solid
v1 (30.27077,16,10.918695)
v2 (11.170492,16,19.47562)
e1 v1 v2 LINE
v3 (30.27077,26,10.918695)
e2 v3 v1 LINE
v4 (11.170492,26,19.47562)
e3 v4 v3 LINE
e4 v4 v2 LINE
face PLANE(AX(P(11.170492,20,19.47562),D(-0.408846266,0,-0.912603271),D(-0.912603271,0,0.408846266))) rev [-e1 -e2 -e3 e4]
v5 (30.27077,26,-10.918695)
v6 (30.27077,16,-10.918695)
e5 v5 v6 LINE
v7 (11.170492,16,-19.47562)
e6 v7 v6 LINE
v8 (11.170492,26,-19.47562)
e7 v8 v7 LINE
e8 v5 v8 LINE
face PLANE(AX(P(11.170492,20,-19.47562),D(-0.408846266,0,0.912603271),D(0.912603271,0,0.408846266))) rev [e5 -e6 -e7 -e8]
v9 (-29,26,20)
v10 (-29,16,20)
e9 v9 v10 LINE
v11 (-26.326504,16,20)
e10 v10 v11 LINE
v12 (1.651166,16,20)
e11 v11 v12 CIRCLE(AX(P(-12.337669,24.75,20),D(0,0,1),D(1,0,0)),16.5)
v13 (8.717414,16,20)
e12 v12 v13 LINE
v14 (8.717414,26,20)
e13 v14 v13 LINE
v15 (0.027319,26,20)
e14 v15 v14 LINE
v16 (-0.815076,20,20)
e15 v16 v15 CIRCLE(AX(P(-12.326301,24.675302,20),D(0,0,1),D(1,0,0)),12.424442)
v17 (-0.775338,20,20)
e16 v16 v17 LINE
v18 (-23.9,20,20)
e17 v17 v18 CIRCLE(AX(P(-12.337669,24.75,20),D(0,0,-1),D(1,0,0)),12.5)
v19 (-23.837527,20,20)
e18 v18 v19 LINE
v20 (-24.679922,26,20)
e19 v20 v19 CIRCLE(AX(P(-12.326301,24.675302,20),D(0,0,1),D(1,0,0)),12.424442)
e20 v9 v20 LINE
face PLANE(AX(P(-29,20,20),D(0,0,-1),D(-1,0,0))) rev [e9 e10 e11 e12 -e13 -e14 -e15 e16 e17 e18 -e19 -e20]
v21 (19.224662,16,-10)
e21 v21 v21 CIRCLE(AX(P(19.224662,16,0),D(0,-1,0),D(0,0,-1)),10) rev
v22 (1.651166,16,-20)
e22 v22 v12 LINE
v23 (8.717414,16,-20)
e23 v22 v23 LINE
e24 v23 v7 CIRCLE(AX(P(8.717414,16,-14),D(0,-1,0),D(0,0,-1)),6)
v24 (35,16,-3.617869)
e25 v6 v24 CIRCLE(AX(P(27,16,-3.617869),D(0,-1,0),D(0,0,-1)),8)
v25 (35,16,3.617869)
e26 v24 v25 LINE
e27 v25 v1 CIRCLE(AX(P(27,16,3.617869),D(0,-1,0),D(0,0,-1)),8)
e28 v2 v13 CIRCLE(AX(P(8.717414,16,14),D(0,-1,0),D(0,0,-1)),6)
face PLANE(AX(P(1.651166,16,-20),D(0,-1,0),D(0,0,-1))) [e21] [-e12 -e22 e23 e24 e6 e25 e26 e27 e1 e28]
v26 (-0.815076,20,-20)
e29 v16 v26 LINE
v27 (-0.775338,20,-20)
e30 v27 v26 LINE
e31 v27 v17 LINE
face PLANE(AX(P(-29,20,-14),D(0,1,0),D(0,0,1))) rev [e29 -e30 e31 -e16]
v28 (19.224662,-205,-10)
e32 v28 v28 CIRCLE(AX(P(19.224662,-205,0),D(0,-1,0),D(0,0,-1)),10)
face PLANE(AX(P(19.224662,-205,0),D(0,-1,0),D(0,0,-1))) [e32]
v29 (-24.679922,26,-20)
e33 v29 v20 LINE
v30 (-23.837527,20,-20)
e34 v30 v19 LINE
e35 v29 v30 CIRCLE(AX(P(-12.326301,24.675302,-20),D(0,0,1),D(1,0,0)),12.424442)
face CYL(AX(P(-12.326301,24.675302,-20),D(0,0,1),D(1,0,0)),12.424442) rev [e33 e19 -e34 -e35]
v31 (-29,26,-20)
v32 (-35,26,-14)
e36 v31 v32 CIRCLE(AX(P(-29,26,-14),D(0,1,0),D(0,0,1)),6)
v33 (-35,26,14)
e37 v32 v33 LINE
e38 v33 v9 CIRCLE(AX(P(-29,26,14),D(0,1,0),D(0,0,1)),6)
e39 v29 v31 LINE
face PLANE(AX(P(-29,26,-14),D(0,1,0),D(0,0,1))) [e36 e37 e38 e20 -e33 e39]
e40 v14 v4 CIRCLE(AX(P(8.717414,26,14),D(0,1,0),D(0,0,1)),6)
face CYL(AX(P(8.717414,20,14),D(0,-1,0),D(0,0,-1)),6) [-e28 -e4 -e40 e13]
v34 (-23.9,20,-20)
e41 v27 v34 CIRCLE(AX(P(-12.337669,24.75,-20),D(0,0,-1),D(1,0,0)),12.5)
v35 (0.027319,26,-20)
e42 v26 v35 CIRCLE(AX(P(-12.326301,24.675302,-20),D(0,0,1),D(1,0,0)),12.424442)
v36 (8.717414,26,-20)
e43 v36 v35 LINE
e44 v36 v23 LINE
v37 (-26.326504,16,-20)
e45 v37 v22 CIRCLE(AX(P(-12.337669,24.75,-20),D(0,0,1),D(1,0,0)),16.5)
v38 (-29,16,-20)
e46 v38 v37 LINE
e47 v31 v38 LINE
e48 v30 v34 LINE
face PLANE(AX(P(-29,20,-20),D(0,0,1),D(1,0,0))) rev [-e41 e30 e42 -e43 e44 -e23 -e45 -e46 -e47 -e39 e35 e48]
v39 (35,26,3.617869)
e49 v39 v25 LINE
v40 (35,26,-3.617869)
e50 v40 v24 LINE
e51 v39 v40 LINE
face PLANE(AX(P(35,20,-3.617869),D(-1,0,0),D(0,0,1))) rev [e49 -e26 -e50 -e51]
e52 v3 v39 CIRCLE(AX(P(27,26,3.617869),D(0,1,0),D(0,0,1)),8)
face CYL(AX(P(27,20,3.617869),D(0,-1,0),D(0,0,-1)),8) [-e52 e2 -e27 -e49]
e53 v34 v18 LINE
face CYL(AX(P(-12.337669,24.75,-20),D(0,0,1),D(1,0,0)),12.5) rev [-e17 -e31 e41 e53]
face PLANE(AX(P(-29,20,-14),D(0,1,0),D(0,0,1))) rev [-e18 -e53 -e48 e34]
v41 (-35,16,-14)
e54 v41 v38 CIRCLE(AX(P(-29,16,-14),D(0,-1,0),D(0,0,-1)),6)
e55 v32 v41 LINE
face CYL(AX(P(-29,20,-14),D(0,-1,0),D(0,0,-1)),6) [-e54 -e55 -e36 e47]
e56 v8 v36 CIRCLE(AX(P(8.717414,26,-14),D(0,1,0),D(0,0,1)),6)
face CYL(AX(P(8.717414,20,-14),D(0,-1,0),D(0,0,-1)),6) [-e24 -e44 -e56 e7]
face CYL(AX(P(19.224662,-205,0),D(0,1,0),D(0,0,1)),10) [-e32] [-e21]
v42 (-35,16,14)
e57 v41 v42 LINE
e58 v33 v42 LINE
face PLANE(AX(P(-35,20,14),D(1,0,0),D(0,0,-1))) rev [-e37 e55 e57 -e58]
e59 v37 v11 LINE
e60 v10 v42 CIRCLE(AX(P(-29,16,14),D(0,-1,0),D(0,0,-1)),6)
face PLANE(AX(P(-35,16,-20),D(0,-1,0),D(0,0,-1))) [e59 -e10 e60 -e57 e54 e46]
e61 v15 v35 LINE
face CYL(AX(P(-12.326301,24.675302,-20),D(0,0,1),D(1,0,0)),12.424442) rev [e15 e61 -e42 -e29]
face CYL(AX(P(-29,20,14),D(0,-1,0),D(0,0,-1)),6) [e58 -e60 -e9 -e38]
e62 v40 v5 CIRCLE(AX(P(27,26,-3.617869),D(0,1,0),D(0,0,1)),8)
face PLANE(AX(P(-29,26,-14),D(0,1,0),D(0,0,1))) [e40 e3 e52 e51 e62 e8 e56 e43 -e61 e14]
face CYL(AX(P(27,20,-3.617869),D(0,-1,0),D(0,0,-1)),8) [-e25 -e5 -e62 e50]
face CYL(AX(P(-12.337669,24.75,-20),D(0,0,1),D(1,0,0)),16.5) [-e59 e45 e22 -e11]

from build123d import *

# Parameters (mm, degrees)
BOSS_EXTRUDE1_DEPTH  = 20
SKETCH3_OUTSIDE_W    = 88.614
SKETCH3_OUTSIDE_H    = 38.614
CUT_EXTRUDE2_DEPTH   = 57.789083458
BOSS_EXTRUDE3_START  = 20
SKETCH4_R            = 10
BOSS_EXTRUDE3_DEPTH  = 225
BOSS_EXTRUDE22_DEPTH = 6
SKETCH47_R           = 12.424441969
CUT_EXTRUDE8_DEPTH   = 212.778185845


with BuildPart() as part:
    # Sketch2 → Boss-Extrude1 (new body)
    with BuildSketch(Plane(origin=(0, 0, 0), x_dir=(1, 0, 0), z_dir=(0, 1, 0))):
        with BuildLine():
            Line((-35, -14), (-35, 14))
            ThreePointArc((-35, 14), (-33.242640687, 18.242640687), (-29, 20))
            Line((-29, 20), (8.717414306, 20))
            ThreePointArc((8.717414306, 20), (9.971663529, 19.867440574), (11.1704919, 19.475619629))
            Line((11.1704919, 19.475619629), (30.270770125, 10.918694984))
            ThreePointArc((30.270770125, 10.918694984), (33.714393532, 7.967227328), (35, 3.617868812))
            Line((35, 3.617868812), (35, -3.617868812))
            ThreePointArc((35, -3.617868812), (33.714393532, -7.967227328), (30.270770125, -10.918694984))
            Line((30.270770125, -10.918694984), (11.1704919, -19.475619629))
            ThreePointArc((11.1704919, -19.475619629), (9.971663529, -19.867440574), (8.717414306, -20))
            Line((8.717414306, -20), (-29, -20))
            ThreePointArc((-29, -20), (-33.242640687, -18.242640687), (-35, -14))
        make_face()
    extrude(amount=BOSS_EXTRUDE1_DEPTH)

    # Sketch3 outside → Cut-Extrude2 (cut, through all)
    with BuildSketch(Plane.XY.offset(20)):
        with Locations((0, 10)):
            Rectangle(SKETCH3_OUTSIDE_W, SKETCH3_OUTSIDE_H)
        with BuildLine():
            Line((-35, 20), (-23.9, 20))
            ThreePointArc((-23.9, 20), (-12.33766892, 12.25), (-0.77533784, 20))
            Line((-0.77533784, 20), (35, 20))
            Line((35, 20), (35, 16))
            Line((35, 16), (1.651165913, 16))
            ThreePointArc((1.651165913, 16), (-12.33766892, 8.25), (-26.326503754, 16))
            Line((-26.326503754, 16), (-35, 16))
            Line((-35, 16), (-35, 20))
        make_face(mode=Mode.SUBTRACT)
    extrude(amount=-CUT_EXTRUDE2_DEPTH, mode=Mode.SUBTRACT)



with BuildPart() as body_2:
    # Sketch4 → Boss-Extrude3 (new body)
    with BuildSketch(Plane(origin=(0, 0, 0), x_dir=(1, 0, 0), z_dir=(0, 1, 0)).offset(BOSS_EXTRUDE3_START)):
        with Locations(Location((19.22466216, 0, 0), (0, 0, 90))):
            Circle(SKETCH4_R)
    extrude(amount=-BOSS_EXTRUDE3_DEPTH)


with BuildPart() as part_1:
    add(part.part)

    add(body_2.part)  # Boss-Extrude22 merges body 2
    # Sketch46 → Boss-Extrude22 (add)
    with BuildSketch(Plane(origin=(0, 20, 0), x_dir=(1, 0, 0), z_dir=(0, 1, 0))):
        with BuildLine():
            Line((8.717414306, 20), (-29, 20))
            ThreePointArc((-29, 20), (-33.242640687, 18.242640687), (-35, 14))
            Line((-35, 14), (-35, -14))
            ThreePointArc((-35, -14), (-33.242640687, -18.242640687), (-29, -20))
            Line((-29, -20), (8.717414306, -20))
            ThreePointArc((8.717414306, -20), (9.971663529, -19.867440574), (11.1704919, -19.475619629))
            Line((11.1704919, -19.475619629), (30.270770125, -10.918694984))
            ThreePointArc((30.270770125, -10.918694984), (33.714393532, -7.967227328), (35, -3.617868812))
            Line((35, -3.617868812), (35, 3.617868812))
            ThreePointArc((35, 3.617868812), (33.714393532, 7.967227328), (30.270770125, 10.918694984))
            Line((30.270770125, 10.918694984), (11.1704919, 19.475619629))
            ThreePointArc((11.1704919, 19.475619629), (9.971663529, 19.867440574), (8.717414306, 20))
        make_face()
    extrude(amount=BOSS_EXTRUDE22_DEPTH)

    # Sketch47 → Cut-Extrude8 (cut, through all)
    with BuildSketch(Plane.XY.offset(20)):
        with Locations((-12.32630139, 24.675301972)):
            Circle(SKETCH47_R)
    extrude(amount=-CUT_EXTRUDE8_DEPTH, mode=Mode.SUBTRACT)


solid = part_1.part
